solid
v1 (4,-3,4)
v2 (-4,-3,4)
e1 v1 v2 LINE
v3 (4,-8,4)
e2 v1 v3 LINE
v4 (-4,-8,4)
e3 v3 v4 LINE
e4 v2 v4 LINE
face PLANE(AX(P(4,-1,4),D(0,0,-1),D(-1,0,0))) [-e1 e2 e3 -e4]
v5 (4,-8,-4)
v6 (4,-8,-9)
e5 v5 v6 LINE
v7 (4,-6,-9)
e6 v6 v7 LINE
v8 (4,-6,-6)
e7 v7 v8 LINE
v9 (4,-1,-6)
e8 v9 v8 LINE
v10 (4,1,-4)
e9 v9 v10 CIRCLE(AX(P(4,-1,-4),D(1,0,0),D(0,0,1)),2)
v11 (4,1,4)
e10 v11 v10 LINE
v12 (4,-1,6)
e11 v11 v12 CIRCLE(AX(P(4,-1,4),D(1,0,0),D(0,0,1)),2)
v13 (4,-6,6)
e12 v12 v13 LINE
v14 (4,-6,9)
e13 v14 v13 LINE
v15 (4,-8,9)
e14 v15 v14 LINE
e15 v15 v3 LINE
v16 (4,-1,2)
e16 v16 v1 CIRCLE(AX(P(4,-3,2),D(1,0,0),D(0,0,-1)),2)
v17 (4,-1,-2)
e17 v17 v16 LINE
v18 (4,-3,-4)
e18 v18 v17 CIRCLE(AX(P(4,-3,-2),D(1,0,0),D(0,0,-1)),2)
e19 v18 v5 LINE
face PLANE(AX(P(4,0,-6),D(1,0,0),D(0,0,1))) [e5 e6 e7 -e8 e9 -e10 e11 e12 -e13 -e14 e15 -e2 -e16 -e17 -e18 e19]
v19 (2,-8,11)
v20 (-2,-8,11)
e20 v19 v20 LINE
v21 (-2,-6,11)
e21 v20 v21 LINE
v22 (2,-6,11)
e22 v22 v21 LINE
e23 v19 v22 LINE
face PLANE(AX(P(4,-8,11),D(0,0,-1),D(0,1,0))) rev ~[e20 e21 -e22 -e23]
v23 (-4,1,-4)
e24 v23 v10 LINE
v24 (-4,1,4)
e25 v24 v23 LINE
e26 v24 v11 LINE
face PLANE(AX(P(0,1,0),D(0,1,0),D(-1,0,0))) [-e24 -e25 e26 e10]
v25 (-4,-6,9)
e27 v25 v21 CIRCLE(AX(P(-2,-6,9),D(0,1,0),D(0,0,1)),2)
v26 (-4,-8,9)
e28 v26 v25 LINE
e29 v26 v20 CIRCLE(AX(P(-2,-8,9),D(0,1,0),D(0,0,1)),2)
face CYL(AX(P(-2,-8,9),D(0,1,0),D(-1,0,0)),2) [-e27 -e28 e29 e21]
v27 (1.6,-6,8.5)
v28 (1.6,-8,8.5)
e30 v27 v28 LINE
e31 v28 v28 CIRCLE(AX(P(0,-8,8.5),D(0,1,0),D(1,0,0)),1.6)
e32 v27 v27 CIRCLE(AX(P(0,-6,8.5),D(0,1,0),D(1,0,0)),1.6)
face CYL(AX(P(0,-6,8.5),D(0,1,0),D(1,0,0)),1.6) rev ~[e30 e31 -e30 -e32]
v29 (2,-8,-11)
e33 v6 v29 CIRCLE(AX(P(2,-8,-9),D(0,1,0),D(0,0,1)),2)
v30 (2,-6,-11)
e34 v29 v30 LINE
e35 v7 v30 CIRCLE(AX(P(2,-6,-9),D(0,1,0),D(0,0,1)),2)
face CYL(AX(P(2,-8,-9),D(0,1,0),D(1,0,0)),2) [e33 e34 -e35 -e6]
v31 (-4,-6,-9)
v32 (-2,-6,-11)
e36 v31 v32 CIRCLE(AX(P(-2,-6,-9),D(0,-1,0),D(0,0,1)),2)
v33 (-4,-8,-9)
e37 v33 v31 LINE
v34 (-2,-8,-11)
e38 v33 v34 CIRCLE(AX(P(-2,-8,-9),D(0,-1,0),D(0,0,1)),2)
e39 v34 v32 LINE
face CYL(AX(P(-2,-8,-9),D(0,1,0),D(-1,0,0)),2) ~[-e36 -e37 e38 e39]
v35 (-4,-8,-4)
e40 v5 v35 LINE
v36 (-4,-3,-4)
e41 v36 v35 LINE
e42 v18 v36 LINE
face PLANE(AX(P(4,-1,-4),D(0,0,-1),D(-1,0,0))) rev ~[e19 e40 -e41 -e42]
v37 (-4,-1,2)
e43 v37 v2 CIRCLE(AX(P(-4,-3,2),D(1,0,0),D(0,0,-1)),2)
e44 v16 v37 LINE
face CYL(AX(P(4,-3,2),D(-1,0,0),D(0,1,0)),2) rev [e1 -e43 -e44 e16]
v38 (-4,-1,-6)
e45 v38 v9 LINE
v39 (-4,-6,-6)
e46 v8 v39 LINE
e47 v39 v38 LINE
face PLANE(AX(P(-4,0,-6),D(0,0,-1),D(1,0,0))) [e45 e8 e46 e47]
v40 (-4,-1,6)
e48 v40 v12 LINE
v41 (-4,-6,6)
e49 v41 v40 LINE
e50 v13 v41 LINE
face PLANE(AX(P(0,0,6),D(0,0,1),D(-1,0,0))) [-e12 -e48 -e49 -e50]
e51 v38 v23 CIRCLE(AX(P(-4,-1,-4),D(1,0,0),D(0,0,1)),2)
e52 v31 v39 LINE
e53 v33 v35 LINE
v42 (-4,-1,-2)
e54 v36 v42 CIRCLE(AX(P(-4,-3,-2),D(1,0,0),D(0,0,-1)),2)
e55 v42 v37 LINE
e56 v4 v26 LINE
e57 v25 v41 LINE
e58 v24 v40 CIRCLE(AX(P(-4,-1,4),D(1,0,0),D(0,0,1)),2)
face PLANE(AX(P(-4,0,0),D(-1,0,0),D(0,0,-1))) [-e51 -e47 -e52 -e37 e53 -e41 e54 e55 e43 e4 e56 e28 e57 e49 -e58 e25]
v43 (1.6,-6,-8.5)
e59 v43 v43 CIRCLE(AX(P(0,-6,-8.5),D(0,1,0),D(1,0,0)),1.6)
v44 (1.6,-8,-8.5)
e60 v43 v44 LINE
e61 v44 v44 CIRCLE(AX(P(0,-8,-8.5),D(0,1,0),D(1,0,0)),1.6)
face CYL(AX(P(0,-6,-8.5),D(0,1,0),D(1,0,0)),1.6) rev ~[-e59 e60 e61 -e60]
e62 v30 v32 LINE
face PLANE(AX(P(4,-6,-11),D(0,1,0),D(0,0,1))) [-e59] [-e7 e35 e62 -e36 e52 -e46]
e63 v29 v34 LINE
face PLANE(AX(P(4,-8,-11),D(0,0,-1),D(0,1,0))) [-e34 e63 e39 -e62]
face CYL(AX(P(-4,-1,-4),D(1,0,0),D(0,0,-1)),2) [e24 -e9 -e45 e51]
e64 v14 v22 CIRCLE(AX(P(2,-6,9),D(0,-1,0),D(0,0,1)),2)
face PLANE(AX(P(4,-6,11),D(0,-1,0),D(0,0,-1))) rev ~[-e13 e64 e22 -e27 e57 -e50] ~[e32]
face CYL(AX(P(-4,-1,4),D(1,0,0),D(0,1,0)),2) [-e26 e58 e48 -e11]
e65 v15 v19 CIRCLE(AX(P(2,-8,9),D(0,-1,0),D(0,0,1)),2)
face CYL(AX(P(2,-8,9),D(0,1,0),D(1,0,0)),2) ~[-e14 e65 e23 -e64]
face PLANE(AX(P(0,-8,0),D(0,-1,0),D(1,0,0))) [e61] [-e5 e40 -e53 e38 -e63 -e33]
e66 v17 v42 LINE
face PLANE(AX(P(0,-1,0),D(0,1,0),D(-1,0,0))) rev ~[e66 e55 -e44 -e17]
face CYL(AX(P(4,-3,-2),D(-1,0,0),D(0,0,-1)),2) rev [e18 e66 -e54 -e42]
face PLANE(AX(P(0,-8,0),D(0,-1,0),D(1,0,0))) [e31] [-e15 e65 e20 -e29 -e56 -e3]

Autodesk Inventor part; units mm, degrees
ref_plane "YZ Plane" through (0, 0, 0) normal (1, 0, 0) x (0, 1, 0)
ref_plane "XZ Plane" through (0, 0, 0) normal (0, 1, 0) x (-1, 0, 0)
ref_plane "XY Plane" through (0, 0, 0) normal (0, 0, 1) x (1, 0, 0)
sketch "Skizze1" plane through (0, 0, 0) normal (0, 1, 0) x (-1, 0, 0)
  line L0 (4, -6) -> (-4, -6)
  line L1 (-4, -6) -> (-4, 6)
  line L2 (-4, 6) -> (4, 6)
  line L3 (4, 6) -> (4, -6)
  line L4 (0, -8.4) -> (0, 8.4) projected
  line L5 (-5.6, 0) -> (5.6, 0) projected
  point P0 (0, 0)
  dimension "d0" = 8
  dimension "d1" = 12
extrude "Extrusion1" add sketch "Skizze1" along normal mid plane 2
sketch "Skizze2" plane through (0, -1, 0) normal (0, -1, 0) x (1, 0, 0)
  line L0 (-4, -6) -> (-4, 6) projected
  line L1 (4, 6) -> (4, -6) projected
  line L2 (-4, -6) -> (4, -6)
  line L3 (4, -6) -> (4, -4)
  line L4 (4, -4) -> (-4, -4)
  line L5 (-4, -4) -> (-4, -6)
  line L6 (-4, 6) -> (4, 6)
  line L7 (4, 6) -> (4, 4)
  line L8 (4, 4) -> (-4, 4)
  line L9 (-4, 4) -> (-4, 6)
  point P0 (0, 0)
  dimension "d4" = 2
  dimension "d5" = 2
extrude "Extrusion2" add sketch "Skizze2" along normal blind 7 contours L0 L4 L1 L2 | L0 L6 L1 L8
sketch "Skizze3" plane through (4, 1, 6) normal (1, 0, 0) x (0, 0, -1)
  line L0 (2, -9) -> (0, -9) projected
  line L1 (0, -9) -> (-5, -9)
  line L2 (-5, -9) -> (-5, -7)
  line L3 (-5, -7) -> (0, -7)
  line L4 (0, -7) -> (0, -9)
  line L5 (12, -9) -> (10, -9) projected
  line L6 (12, -9) -> (17, -9)
  line L7 (17, -9) -> (17, -7)
  line L8 (17, -7) -> (12, -7)
  line L9 (12, -7) -> (12, -9)
  point P0 (6, -1)
  dimension "d8" = 5
  dimension "d9" = 2
  dimension "d10" = 5
  dimension "d11" = 2
extrude "Extrusion3" add sketch "Skizze3" against normal blind 8
sketch "Skizze4" plane through (4, -6, 11) normal (0, 1, 0) x (1, 0, 0)
  circle A0 centre (-4, 2.5) radius 1.6
  line L0 (0, 5) -> (0, 0) projected
  line L1 (0, 0) -> (-8, 0) projected
  circle A1 centre (-4, 19.5) radius 1.6
  line L2 (0, 22) -> (0, 17) projected
  line L3 (0, 22) -> (-8, 22) projected
  point P0 (-4, 11)
  dimension "d14" = 3.2
  dimension "d15" = 4
  dimension "d16" = 2.5
  dimension "d17" = 3.2
  dimension "d18" = 4
  dimension "d19" = 2.5
extrude "Extrusion4" cut sketch "Skizze4" against normal up to surface (2 mm away)
fillet "Rundung1" radius 2 8 edges at (0, 1, 6) (0, 1, -6) (0, -1, 4) (0, -1, -4) (-4, -7, 11) (4, -7, 11) (4, -7, -11) (-4, -7, -11)
properties part number "Kabelhalterung"
